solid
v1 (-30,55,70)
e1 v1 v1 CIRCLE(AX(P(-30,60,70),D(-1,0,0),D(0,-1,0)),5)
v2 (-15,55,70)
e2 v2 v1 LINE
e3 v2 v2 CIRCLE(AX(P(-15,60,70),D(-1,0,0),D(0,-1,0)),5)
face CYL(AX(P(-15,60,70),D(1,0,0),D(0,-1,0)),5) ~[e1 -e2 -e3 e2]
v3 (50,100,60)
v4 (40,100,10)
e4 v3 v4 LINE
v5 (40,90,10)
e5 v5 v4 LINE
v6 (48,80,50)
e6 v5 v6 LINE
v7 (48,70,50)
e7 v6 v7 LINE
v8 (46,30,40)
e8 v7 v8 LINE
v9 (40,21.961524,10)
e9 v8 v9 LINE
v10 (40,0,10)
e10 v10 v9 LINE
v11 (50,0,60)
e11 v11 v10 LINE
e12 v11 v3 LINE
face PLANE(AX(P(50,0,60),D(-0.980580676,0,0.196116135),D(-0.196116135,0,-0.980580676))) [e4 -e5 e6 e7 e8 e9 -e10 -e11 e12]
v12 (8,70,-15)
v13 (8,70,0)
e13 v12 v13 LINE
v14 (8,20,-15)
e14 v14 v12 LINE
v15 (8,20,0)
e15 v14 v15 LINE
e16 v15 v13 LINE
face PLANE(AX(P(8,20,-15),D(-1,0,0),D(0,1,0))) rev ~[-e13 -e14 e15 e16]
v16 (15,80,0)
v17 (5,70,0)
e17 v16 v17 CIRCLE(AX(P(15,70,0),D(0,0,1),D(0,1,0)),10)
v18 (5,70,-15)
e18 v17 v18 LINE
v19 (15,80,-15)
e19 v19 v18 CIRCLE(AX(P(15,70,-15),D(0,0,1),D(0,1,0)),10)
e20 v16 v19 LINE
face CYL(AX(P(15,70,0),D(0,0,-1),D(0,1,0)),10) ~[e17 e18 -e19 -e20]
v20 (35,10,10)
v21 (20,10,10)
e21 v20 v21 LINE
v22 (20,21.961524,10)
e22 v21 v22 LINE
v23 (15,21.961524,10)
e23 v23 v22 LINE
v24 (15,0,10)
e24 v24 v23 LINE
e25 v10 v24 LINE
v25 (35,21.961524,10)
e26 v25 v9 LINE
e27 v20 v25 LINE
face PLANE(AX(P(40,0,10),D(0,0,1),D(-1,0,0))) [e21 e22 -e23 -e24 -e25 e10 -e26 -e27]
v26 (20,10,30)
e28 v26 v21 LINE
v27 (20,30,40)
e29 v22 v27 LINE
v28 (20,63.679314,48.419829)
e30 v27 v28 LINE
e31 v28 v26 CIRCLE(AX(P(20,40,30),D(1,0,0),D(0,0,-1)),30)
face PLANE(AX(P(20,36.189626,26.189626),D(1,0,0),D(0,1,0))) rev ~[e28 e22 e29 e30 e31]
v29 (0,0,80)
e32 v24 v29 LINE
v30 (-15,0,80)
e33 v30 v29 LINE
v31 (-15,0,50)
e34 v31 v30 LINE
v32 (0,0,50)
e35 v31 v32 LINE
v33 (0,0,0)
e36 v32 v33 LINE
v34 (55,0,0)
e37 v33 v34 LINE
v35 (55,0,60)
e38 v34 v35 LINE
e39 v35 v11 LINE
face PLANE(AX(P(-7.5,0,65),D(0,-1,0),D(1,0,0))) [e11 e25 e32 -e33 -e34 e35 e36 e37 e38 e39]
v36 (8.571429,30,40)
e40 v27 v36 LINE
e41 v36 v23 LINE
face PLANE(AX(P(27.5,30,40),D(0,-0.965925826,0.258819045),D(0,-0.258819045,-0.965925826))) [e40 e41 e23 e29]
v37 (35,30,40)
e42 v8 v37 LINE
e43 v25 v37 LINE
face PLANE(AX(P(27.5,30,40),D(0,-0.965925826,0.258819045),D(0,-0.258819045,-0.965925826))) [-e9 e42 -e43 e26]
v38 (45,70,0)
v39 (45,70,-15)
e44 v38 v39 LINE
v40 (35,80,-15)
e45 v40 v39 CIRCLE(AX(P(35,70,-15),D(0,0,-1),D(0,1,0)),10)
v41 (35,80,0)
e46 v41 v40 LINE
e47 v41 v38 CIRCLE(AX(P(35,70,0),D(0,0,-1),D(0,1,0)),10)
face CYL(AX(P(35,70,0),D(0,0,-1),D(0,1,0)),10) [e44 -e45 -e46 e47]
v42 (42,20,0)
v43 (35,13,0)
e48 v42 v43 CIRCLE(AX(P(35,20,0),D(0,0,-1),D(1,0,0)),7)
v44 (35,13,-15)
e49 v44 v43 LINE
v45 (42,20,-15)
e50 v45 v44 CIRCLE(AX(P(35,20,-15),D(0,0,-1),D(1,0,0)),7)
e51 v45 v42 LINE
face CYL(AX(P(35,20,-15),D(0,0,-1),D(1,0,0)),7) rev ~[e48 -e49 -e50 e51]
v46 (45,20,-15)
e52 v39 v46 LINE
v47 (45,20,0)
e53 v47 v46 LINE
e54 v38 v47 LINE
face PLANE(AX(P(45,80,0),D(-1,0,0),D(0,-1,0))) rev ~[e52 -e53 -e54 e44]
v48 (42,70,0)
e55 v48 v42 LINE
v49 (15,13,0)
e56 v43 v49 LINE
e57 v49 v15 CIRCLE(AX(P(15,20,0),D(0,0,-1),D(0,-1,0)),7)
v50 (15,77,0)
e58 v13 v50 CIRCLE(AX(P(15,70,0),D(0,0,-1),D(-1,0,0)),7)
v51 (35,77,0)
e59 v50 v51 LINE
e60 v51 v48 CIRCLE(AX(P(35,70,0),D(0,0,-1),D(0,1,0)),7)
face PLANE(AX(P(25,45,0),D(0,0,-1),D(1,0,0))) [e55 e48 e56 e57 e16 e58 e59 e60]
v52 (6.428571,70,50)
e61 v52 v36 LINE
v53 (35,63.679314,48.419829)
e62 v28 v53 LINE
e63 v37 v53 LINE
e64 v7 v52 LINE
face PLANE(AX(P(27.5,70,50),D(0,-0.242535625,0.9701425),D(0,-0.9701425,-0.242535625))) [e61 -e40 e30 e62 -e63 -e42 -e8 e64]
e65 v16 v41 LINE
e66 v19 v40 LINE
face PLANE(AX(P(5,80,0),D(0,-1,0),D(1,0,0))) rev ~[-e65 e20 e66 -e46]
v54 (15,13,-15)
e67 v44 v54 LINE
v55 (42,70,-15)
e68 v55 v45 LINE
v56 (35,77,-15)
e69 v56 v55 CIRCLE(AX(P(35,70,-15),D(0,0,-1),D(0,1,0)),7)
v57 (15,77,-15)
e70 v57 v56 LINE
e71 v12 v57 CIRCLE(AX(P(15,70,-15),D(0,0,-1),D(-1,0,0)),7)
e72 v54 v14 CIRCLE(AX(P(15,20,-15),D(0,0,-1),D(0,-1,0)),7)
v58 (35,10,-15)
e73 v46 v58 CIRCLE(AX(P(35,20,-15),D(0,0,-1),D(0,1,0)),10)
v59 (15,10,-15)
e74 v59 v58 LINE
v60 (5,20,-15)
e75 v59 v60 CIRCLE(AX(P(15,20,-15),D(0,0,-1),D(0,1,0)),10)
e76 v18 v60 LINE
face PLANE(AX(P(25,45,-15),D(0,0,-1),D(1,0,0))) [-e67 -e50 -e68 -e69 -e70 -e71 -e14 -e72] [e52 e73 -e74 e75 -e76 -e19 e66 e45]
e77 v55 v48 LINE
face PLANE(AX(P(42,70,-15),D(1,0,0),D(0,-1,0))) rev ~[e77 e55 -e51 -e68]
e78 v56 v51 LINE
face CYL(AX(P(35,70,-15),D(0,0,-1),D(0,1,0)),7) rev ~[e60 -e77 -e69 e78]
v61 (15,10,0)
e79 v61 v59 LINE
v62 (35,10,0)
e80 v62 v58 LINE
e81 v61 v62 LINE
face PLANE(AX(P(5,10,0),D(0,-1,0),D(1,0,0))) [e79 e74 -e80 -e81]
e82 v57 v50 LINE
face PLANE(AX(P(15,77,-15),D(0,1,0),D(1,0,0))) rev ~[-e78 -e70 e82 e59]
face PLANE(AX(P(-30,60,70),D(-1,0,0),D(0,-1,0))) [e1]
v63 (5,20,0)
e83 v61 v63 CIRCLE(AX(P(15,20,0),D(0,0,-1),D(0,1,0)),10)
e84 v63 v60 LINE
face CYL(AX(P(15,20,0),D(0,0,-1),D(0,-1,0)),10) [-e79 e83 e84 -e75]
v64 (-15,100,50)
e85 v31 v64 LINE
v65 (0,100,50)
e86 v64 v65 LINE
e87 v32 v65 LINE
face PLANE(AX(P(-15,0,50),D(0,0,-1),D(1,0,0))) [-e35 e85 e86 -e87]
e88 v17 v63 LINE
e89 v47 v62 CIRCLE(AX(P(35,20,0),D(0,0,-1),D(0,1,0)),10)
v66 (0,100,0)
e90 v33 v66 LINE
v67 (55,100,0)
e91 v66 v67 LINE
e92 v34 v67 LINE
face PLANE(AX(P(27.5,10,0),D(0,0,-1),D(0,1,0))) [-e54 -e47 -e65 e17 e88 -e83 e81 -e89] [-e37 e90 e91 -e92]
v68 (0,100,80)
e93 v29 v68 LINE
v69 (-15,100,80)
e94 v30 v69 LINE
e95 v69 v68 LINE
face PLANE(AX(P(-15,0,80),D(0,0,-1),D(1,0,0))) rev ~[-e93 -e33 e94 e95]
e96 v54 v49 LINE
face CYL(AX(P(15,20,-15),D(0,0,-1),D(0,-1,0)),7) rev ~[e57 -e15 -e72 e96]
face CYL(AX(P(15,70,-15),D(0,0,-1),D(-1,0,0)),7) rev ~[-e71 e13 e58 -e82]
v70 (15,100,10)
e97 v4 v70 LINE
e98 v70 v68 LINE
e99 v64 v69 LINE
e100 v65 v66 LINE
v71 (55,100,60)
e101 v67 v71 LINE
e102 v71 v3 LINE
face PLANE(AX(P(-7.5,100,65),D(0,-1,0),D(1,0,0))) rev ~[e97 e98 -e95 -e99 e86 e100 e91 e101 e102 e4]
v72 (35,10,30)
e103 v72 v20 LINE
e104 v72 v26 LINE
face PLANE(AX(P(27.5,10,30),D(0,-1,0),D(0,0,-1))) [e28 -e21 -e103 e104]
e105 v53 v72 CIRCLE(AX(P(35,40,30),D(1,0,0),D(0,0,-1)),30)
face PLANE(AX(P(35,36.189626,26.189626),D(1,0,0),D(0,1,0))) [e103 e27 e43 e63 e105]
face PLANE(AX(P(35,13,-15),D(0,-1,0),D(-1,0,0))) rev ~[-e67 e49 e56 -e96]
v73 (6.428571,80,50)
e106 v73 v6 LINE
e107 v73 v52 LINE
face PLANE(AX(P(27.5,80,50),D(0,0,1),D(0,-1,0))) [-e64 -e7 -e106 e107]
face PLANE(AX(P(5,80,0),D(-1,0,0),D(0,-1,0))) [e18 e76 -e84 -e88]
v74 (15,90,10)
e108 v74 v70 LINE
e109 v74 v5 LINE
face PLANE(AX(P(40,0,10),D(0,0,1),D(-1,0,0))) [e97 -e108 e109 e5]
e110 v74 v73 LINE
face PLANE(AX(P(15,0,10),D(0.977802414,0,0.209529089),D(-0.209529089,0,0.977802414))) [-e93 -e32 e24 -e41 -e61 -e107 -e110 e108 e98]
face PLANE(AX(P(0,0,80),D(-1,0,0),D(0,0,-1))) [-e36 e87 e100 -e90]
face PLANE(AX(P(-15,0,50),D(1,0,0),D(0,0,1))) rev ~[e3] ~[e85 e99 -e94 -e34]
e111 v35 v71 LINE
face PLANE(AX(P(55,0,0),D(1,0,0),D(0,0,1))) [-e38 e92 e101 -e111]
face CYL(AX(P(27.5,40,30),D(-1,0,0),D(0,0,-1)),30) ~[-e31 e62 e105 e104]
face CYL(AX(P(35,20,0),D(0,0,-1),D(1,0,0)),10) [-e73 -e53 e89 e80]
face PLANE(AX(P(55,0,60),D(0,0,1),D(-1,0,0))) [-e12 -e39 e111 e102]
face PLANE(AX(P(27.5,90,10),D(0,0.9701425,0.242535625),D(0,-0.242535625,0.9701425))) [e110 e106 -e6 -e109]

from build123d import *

# Parameters (mm, degrees)
F1_DEPTH      = 100
F4_DEPTH      = 20.5
F4_DEPTH_BACK = 21.0714285714
F6_DEPTH      = 7.5
F6_DEPTH_BACK = 7.5
F7_W          = 15
F7_H          = 30
F8_DEPTH      = 100
F9_R          = 5
F10_DEPTH     = 15
F11_W         = 40
F11_H         = 70
F12_DEPTH     = 15
F13_R         = 10
F15_DEPTH     = 15


with BuildPart() as f1:
    # F0 (on Front) → F1 (new body)
    with BuildSketch(Plane.XZ):
        Polygon((15, 10), (0, 80), (0, 0), (55, 0), (55, 60), (50, 60), (40, 10), align=None)
    extrude(amount=-F1_DEPTH)

    # F3 (on offset) → F4 (join, two sides)
    with BuildSketch(Plane.YZ.offset(27.5)) as f4_sk:
        Polygon((30, 40), (21.9615242271, 10), (90, 10), (80, 50), (70, 50), align=None)
    extrude(amount=F4_DEPTH)
    extrude(f4_sk.sketch, amount=-F4_DEPTH_BACK)

    # F5 (on offset) → F6 (join, two sides)
    with BuildSketch(Plane.YZ.offset(27.5)) as f6_sk:
        with BuildLine():
            Line((10, 0), (40, 0))
            ThreePointArc((40, 0), (61.2132034356, 51.2132034356), (10, 30))
            Line((10, 30), (10, 0))
        make_face()
    extrude(amount=F6_DEPTH)
    extrude(f6_sk.sketch, amount=-F6_DEPTH_BACK)

    # F7 (on face) → F8 (join)
    with BuildSketch(Plane.XZ):
        with Locations((-7.5, 65)):
            Rectangle(F7_W, F7_H)
    extrude(amount=-F8_DEPTH)

    # F9 (on face) → F10 (join)
    with BuildSketch(Plane(origin=(-15, 0, 0), x_dir=(0, -1, 0), z_dir=(-1, 0, 0))):
        with Locations((-60, 70)):
            Circle(F9_R)
    extrude(amount=F10_DEPTH)

    # F11 (on face) → F12 (join)
    with BuildSketch(Plane(origin=(0, 0, 0), x_dir=(1, 0, 0), z_dir=(0, 0, -1))):
        with Locations((25, -45)):
            Rectangle(F11_W, F11_H)
    extrude(amount=F12_DEPTH)

    # F13
    f13_edges = [f1.edges().sort_by_distance(p)[0] for p in [
        (45, 10, -7.5),
        (5, 10, -7.5),
        (45, 80, -7.5),
        (5, 80, -7.5),
    ]]
    fillet(f13_edges, radius=F13_R)

    # F14 (on face) → F15 (cut)
    with BuildSketch(Plane(origin=(0, 0, -15), x_dir=(1, 0, 0), z_dir=(0, 0, -1))):
        with BuildLine():
            Line((8, -20), (8, -70))
            ThreePointArc((8, -70), (10.0502525317, -74.9497474683), (15, -77))
            Line((15, -77), (35, -77))
            ThreePointArc((35, -77), (39.9497474683, -74.9497474683), (42, -70))
            Line((42, -70), (42, -20))
            ThreePointArc((42, -20), (39.9497474683, -15.0502525317), (35, -13))
            Line((35, -13), (15, -13))
            ThreePointArc((15, -13), (10.0502525317, -15.0502525317), (8, -20))
        make_face()
    extrude(amount=-F15_DEPTH, mode=Mode.SUBTRACT)


solid = f1.part
